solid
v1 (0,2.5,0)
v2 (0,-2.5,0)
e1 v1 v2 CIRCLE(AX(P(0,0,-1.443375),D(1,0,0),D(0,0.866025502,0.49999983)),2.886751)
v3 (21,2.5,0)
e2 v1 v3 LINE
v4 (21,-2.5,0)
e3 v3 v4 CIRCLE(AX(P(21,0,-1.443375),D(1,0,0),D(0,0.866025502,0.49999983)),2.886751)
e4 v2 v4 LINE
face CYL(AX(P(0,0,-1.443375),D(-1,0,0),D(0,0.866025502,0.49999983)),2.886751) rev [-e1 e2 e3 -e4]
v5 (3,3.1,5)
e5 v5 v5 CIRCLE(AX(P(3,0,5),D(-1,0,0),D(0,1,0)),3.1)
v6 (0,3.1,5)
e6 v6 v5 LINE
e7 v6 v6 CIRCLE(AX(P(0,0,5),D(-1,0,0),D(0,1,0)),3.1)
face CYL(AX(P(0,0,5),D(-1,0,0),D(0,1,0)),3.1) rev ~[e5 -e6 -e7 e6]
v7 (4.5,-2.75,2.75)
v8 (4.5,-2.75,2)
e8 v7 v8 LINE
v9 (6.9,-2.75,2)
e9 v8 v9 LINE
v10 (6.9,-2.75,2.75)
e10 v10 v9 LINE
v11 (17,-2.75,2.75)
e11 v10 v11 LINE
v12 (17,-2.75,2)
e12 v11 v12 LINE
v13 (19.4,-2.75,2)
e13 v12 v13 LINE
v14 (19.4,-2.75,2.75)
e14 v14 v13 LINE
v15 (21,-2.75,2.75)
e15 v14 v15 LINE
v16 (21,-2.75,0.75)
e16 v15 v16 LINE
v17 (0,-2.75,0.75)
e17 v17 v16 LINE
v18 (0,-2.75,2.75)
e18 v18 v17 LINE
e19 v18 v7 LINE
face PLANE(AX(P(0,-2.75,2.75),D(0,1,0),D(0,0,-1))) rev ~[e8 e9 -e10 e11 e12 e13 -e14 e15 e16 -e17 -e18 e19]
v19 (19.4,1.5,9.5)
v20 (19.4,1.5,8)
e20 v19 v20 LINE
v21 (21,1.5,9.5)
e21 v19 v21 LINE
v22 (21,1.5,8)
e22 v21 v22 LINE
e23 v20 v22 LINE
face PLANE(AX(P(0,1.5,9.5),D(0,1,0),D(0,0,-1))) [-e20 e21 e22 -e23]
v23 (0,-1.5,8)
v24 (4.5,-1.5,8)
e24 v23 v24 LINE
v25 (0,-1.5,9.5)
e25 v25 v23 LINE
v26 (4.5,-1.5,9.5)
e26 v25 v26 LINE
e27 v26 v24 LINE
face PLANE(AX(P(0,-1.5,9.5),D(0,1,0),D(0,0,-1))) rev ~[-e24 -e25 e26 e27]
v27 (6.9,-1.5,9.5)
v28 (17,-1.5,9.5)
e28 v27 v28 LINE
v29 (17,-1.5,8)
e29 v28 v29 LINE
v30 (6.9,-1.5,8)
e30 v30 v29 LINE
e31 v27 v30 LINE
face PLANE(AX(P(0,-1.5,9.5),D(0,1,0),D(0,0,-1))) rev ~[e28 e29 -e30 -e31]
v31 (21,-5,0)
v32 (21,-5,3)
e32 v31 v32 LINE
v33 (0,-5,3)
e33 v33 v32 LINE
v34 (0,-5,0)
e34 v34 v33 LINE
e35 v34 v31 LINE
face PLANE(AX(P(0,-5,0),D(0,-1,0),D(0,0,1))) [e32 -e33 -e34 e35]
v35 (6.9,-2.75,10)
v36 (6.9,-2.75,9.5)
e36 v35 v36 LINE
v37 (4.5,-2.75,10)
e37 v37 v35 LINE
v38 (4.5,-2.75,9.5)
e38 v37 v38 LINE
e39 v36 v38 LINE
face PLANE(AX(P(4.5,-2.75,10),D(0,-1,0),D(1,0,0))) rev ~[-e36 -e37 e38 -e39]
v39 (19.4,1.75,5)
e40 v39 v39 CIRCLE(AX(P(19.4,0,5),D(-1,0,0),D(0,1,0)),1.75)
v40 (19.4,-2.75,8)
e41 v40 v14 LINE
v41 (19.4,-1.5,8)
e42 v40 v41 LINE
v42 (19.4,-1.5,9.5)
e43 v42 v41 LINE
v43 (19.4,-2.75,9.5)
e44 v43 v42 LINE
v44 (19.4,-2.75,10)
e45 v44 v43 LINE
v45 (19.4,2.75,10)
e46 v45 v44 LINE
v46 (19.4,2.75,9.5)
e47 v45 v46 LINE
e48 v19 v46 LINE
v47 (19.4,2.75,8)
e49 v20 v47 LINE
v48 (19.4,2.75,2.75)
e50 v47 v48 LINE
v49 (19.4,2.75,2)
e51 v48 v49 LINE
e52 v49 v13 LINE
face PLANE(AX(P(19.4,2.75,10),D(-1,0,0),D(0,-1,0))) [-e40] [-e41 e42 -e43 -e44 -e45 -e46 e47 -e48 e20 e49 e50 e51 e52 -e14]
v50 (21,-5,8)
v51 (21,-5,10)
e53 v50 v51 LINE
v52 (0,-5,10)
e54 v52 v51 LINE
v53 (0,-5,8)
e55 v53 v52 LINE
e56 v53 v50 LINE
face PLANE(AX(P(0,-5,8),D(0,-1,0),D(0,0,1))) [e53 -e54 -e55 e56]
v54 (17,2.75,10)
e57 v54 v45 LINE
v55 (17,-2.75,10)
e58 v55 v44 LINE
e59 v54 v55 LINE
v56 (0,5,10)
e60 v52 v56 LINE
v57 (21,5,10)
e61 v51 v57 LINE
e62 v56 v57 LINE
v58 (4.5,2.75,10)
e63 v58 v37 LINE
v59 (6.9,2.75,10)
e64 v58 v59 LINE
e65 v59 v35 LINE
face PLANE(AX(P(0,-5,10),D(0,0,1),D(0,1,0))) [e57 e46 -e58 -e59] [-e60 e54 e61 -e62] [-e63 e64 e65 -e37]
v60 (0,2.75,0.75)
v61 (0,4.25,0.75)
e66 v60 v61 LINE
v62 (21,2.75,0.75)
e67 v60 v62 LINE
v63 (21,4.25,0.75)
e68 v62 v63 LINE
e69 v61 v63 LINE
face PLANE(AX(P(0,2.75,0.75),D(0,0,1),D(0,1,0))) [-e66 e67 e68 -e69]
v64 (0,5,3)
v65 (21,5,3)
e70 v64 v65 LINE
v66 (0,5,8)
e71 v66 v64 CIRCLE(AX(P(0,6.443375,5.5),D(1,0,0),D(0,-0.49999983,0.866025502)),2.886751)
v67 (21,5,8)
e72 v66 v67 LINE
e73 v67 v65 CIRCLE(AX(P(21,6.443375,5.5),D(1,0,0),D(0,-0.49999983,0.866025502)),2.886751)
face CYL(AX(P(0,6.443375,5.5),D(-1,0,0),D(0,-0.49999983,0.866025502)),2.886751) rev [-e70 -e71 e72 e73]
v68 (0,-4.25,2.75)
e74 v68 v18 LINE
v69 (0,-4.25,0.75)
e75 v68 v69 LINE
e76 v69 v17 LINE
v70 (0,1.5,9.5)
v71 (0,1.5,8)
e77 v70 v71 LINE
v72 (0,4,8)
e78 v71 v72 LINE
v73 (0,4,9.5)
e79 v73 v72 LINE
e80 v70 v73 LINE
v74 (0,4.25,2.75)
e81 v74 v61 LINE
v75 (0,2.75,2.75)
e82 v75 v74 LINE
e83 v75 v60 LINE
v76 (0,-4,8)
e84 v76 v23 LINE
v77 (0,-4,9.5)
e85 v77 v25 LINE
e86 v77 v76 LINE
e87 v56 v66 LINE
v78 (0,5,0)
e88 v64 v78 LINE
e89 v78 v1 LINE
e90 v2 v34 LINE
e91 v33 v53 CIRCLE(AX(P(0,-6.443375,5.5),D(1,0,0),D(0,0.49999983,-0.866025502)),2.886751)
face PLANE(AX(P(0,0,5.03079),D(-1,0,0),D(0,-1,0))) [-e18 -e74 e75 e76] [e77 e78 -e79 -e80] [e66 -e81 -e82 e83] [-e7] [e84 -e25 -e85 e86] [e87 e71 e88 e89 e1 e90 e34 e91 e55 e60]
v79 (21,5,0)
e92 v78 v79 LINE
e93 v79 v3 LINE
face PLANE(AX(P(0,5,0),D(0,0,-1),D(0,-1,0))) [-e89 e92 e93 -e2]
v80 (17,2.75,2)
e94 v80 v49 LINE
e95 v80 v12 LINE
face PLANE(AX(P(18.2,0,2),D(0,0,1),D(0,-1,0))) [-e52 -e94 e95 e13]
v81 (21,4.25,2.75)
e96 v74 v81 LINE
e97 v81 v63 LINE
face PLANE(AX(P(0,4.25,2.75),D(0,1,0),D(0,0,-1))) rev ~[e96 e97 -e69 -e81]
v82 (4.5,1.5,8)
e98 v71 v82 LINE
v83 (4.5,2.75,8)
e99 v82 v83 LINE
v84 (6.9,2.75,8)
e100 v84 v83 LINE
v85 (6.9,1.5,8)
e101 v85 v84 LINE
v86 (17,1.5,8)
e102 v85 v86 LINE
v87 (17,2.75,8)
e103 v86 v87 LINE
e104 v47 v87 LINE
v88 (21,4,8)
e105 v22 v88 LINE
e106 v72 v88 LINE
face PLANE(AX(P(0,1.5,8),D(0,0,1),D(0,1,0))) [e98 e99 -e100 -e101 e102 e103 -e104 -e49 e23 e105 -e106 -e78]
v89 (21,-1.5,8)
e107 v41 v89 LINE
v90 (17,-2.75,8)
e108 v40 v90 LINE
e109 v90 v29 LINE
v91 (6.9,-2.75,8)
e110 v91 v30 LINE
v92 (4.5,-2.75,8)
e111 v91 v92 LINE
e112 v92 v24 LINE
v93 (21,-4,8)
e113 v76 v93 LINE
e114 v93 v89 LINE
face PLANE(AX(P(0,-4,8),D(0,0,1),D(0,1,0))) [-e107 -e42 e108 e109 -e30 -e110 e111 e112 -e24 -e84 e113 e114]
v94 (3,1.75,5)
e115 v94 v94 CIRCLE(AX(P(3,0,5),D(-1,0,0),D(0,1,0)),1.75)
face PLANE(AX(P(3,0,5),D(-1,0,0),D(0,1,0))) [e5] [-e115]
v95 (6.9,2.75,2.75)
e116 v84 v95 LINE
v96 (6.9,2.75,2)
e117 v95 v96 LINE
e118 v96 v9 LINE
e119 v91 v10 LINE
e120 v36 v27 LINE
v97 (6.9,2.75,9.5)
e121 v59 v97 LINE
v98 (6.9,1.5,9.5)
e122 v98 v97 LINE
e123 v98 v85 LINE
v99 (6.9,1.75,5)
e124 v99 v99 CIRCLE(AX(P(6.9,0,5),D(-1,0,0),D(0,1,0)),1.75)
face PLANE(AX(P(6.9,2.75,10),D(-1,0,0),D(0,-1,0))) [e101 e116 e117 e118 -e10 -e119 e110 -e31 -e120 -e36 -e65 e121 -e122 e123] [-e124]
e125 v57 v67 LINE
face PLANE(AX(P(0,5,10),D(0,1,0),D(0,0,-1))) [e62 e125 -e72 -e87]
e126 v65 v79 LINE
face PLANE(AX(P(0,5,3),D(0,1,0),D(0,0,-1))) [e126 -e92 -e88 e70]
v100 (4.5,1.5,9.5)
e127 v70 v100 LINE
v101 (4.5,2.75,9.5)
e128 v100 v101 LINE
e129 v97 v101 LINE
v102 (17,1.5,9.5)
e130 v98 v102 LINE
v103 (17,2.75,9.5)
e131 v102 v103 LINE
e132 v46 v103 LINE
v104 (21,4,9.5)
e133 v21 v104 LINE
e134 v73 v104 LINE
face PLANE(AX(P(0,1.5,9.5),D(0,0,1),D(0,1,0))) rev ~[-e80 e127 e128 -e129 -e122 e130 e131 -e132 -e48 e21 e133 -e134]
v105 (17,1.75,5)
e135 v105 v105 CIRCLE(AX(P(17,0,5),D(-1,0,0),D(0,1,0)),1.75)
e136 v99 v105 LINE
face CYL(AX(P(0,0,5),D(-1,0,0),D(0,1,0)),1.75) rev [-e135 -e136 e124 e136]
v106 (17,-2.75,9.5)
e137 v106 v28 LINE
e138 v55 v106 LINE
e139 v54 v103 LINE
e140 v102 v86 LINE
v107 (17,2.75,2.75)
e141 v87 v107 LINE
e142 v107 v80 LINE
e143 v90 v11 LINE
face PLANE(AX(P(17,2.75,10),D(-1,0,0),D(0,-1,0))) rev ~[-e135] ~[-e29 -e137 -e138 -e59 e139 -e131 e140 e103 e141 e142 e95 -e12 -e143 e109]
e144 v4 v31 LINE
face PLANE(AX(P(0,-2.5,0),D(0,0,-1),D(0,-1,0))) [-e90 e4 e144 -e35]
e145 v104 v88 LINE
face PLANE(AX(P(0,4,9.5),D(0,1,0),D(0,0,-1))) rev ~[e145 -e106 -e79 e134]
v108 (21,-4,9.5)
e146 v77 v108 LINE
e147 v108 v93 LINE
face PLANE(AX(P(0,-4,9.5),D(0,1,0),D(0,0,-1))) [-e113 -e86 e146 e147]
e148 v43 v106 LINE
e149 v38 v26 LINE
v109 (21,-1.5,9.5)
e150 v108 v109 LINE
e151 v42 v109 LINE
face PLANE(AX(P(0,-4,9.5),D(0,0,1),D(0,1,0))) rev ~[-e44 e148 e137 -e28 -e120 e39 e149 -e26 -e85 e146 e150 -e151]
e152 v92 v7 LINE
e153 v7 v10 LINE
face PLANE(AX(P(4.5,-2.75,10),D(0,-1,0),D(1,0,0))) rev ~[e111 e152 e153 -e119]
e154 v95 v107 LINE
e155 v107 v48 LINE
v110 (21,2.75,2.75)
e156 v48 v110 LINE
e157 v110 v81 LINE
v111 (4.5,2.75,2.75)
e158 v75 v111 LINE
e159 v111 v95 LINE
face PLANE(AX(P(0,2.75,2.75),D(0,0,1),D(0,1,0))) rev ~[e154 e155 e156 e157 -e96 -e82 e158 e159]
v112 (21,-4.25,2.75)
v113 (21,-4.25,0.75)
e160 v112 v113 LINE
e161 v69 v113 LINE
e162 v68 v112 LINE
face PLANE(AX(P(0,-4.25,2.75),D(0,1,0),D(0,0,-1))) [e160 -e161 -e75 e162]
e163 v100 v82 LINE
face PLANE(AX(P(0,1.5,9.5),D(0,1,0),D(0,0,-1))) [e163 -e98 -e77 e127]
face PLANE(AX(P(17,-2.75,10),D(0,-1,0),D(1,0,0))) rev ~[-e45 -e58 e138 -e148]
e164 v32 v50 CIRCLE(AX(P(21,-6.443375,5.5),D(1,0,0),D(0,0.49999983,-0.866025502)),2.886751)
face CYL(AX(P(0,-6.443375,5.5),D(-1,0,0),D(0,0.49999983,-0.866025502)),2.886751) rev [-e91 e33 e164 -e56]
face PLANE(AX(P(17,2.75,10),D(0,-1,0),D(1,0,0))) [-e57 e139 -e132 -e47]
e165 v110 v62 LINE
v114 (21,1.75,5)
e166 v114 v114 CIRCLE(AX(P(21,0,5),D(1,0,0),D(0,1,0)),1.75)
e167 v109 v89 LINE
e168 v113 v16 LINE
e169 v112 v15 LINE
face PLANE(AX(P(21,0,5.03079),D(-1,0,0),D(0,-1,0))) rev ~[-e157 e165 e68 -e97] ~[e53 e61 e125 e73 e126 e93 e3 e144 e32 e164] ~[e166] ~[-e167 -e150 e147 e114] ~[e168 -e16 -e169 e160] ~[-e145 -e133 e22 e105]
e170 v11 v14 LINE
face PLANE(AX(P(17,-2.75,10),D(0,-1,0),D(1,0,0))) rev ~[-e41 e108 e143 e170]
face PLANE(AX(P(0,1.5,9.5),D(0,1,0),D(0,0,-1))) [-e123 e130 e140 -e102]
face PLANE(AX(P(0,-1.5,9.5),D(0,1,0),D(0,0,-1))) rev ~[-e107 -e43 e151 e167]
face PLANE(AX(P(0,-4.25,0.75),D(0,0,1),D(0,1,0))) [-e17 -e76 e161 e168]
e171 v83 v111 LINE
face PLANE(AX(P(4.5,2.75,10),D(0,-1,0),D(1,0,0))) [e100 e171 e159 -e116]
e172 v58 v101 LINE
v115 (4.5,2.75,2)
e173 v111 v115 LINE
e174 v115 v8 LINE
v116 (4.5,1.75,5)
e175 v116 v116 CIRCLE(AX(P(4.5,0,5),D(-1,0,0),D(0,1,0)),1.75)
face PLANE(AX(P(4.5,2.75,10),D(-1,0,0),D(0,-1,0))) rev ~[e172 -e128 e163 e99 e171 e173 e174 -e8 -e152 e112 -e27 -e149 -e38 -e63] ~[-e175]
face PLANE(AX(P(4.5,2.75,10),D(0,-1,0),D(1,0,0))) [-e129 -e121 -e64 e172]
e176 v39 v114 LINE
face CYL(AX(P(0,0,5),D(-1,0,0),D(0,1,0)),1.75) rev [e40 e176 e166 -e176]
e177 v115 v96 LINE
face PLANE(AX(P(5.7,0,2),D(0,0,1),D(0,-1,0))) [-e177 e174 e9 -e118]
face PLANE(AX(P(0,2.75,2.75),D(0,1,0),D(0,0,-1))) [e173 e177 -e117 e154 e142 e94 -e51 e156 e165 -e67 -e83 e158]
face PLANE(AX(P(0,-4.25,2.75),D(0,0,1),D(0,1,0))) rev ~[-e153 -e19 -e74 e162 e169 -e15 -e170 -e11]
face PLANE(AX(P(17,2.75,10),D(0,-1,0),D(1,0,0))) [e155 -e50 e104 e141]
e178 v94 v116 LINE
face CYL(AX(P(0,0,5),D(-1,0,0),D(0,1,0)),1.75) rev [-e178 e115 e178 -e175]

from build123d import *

# Parameters (mm, degrees)
SKETCH_R        = 1.75
PAD_DEPTH       = 21
SKETCH002_W     = 5.5
SKETCH002_H     = 2.4
POCKET_DEPTH    = 8
SKETCH003_R     = 3.1
POCKET001_DEPTH = 3
SKETCH007_W     = 1.5
SKETCH007_H     = 2
SKETCH007_W_2   = 2.5
SKETCH007_H_2   = 1.5
POCKET002_DEPTH = 21.001


with BuildPart() as part:
    # Sketch → Pad (new body)
    with BuildSketch(Plane.YZ):
        with BuildLine():
            Line((-5, 8), (-5, 10))
            Line((-5, 10), (5, 10))
            Line((5, 10), (5, 8))
            ThreePointArc((5, 8), (3.556624, 5.5), (5, 3))
            Line((5, 3), (5, 0))
            Line((5, 0), (2.5, 0))
            ThreePointArc((2.5, 0), (0, 1.443376), (-2.5, 0))
            Line((-2.5, 0), (-5, 0))
            Line((-5, 0), (-5, 3))
            ThreePointArc((-5, 3), (-3.556624, 5.5), (-5, 8))
        make_face()
        with Locations((0, 5)):
            Circle(SKETCH_R, mode=Mode.SUBTRACT)
    extrude(amount=PAD_DEPTH)

    # Sketch002 → Pocket (cut)
    with BuildSketch(Plane(origin=(0, 0, 10), x_dir=(0, -1, 0), z_dir=(0, 0, 1))):
        with Locations((0, 5.7)):
            Rectangle(SKETCH002_W, SKETCH002_H)
        with Locations((0, 18.2)):
            Rectangle(SKETCH002_W, SKETCH002_H)
    extrude(amount=-POCKET_DEPTH, mode=Mode.SUBTRACT)

    # Sketch003 (on Face4 of Pocket) → Pocket001 (cut)
    with BuildSketch(Plane(origin=(0, 0, 0), x_dir=(0, 1, 0), z_dir=(-1, 0, 0))):
        with Locations((0, -5)):
            Circle(SKETCH003_R)
    extrude(amount=-POCKET001_DEPTH, mode=Mode.SUBTRACT)

    # Sketch007 (on Face4 of Pocket001) → Pocket002 (cut, through all)
    with BuildSketch(Plane(origin=(0, 0, 0), x_dir=(0, 1, 0), z_dir=(-1, 0, 0))):
        with Locations((-3.5, -1.75)):
            Rectangle(SKETCH007_W, SKETCH007_H)
        with Locations((3.5, -1.75)):
            Rectangle(SKETCH007_W, SKETCH007_H)
        with Locations((-2.75, -8.75)):
            Rectangle(SKETCH007_W_2, SKETCH007_H_2)
        with Locations((2.75, -8.75)):
            Rectangle(SKETCH007_W_2, SKETCH007_H_2)
    extrude(amount=-POCKET002_DEPTH, mode=Mode.SUBTRACT)


solid = part.part
